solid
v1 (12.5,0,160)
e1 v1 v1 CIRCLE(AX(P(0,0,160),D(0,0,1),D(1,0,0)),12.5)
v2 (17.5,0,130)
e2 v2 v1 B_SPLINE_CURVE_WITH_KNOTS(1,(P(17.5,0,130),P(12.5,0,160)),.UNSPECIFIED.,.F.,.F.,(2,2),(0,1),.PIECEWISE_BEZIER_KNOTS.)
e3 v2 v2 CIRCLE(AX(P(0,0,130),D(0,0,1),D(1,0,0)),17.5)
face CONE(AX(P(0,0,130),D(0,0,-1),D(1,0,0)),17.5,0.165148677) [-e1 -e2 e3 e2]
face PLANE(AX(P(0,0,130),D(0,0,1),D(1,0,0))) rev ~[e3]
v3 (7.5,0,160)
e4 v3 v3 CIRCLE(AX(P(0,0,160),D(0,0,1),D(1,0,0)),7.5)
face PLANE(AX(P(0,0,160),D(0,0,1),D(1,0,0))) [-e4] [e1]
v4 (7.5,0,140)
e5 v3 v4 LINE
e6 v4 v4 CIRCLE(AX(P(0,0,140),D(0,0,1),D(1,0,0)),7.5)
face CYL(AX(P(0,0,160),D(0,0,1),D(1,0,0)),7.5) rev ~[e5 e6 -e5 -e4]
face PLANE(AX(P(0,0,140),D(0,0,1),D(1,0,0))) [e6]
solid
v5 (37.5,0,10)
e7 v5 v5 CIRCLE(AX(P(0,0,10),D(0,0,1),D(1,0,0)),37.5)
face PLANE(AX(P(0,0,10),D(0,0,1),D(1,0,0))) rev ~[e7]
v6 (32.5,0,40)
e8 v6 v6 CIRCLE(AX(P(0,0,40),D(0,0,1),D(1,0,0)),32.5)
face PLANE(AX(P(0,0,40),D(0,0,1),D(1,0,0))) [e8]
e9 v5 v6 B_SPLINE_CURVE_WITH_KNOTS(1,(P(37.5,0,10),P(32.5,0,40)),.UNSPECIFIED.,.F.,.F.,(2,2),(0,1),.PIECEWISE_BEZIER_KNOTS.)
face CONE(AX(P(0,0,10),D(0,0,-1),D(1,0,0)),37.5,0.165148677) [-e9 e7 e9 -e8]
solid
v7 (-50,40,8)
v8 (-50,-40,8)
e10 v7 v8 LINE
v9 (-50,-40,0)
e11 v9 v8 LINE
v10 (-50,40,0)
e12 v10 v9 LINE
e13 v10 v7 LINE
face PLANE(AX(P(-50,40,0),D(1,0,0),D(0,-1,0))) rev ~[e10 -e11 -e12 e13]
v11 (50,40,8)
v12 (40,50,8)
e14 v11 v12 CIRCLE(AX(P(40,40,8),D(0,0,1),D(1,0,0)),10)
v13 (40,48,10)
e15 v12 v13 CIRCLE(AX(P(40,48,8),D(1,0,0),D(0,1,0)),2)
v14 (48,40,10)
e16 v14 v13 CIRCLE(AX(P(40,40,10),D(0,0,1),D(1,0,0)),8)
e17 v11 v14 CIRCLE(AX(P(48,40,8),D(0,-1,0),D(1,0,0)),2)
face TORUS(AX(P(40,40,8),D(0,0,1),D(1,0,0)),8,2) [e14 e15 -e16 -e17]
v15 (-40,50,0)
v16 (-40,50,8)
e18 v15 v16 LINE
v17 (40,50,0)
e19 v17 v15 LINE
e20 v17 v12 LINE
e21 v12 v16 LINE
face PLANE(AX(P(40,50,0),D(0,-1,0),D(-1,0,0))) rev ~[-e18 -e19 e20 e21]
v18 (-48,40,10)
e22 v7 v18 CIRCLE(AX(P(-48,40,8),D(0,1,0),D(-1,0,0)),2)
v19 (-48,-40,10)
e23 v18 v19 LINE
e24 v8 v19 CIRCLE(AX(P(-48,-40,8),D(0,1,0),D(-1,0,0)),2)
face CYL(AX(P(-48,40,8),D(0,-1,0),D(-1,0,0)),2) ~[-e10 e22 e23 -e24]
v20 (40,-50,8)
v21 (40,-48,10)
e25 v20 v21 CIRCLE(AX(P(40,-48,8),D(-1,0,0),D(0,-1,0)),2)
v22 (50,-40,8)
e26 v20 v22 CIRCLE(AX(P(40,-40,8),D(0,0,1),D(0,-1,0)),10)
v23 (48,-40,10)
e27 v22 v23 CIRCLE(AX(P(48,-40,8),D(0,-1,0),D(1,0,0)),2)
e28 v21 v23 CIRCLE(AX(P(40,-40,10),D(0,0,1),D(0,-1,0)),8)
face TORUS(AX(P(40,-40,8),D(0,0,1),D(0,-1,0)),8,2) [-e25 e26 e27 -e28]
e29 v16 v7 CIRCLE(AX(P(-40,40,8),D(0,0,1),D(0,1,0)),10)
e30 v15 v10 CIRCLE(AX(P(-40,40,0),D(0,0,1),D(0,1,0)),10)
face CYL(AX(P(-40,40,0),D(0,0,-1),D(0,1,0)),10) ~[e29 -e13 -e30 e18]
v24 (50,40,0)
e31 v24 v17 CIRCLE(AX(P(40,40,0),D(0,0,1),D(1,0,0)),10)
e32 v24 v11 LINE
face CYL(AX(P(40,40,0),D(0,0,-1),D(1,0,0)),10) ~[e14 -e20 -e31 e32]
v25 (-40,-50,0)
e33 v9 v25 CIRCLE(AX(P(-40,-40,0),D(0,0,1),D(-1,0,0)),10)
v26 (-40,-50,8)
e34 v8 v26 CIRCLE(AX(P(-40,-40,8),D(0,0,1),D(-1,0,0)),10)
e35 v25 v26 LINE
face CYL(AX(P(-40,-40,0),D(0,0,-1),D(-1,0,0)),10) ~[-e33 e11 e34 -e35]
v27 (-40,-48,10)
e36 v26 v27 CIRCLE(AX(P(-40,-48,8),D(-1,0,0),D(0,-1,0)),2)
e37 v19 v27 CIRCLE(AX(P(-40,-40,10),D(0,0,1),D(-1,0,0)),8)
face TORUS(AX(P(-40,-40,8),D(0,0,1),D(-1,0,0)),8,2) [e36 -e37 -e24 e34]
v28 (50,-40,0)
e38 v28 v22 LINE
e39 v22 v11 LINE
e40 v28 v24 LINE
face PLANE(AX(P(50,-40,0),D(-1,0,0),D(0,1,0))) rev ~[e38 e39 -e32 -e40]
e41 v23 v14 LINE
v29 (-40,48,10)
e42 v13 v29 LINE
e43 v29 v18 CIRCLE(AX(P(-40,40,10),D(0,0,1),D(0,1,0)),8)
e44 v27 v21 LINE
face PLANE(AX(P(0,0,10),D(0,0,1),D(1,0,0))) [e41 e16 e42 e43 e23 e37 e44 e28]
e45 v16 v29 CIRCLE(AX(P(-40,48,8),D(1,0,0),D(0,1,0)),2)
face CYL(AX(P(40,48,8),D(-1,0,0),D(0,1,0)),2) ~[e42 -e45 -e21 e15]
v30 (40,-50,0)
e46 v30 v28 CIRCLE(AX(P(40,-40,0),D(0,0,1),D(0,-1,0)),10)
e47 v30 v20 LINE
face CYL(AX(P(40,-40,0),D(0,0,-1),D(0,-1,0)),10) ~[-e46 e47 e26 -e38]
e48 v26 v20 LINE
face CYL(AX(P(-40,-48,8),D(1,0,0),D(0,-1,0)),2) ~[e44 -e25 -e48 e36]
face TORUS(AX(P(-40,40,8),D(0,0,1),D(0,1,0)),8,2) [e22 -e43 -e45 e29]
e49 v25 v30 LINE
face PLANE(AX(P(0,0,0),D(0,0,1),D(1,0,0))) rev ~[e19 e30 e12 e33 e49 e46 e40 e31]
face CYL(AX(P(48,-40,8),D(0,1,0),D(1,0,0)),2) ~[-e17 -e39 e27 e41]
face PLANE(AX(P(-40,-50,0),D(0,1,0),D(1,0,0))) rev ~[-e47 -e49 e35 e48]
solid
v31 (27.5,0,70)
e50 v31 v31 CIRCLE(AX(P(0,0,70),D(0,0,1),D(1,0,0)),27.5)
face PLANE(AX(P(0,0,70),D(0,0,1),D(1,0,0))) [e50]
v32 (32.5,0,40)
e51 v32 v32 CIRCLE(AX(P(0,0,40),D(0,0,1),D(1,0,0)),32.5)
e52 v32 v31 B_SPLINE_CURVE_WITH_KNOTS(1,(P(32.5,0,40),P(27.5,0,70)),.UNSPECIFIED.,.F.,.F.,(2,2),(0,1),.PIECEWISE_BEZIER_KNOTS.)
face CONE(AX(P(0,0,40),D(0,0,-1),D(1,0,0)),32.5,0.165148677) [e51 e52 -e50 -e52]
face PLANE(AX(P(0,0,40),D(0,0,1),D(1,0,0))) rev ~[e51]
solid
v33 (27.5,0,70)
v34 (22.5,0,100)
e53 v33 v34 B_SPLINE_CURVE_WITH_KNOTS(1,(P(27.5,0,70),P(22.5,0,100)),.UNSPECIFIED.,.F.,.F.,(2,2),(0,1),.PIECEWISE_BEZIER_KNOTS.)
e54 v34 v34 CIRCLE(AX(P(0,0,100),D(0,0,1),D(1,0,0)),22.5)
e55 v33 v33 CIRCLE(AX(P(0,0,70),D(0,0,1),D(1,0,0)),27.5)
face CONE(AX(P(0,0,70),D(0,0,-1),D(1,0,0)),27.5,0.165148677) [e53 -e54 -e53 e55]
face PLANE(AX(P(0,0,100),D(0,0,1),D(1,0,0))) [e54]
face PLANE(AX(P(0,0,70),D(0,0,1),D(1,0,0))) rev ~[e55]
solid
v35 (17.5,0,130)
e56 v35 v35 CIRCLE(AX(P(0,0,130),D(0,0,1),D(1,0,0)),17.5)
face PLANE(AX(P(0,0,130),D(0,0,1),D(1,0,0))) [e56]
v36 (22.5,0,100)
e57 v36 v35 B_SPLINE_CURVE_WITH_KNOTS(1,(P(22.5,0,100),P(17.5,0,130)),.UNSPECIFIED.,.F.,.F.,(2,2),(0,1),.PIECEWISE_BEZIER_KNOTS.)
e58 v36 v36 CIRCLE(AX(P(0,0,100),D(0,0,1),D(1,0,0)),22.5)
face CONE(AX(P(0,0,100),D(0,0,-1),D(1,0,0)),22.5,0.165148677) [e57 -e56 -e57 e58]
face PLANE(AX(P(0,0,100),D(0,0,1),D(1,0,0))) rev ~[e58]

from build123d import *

# Parameters (mm, degrees)
F1_DEPTH   = 10
F2_R       = 37.5
F4_R       = 32.5
F5_FACE_R  = 32.5
F7_R       = 27.5
F8_FACE_R  = 27.5
F10_R      = 22.5
F11_FACE_R = 22.5
F13_R      = 17.5
F14_FACE_R = 17.5
F16_R      = 12.5
F18_R      = 2
F19_R      = 7.5
F20_DEPTH  = 20


with BuildPart() as f1:
    # F0 (on Top) → F1 (new body)
    with BuildSketch(Plane.XY):
        with BuildLine():
            Line((40, 50), (-40, 50))
            ThreePointArc((-40, 50), (-47.0710678119, 47.0710678119), (-50, 40))
            Line((-50, 40), (-50, -40))
            ThreePointArc((-50, -40), (-47.0710678119, -47.0710678119), (-40, -50))
            Line((-40, -50), (40, -50))
            ThreePointArc((40, -50), (47.0710678119, -47.0710678119), (50, -40))
            Line((50, -40), (50, 40))
            ThreePointArc((50, 40), (47.0710678119, 47.0710678119), (40, 50))
        make_face()
    extrude(amount=F1_DEPTH)

    # F18
    f18_edges = [f1.edges().sort_by_distance(p)[0] for p in [
        (0, -50, 10),
        (-47.071068, -47.071068, 10),
        (-50, 0, 10),
        (47.071068, -47.071068, 10),
        (50, 0, 10),
        (47.071068, 47.071068, 10),
        (0, 50, 10),
        (-47.071068, 47.071068, 10),
    ]]
    fillet(f18_edges, radius=F18_R)


with BuildPart() as f5:
    # F2 (on face) → F5 section 0
    with BuildSketch(Plane.XY.offset(10)):
        Circle(F2_R)
    # F4 (on offset) → F5 section 1
    with BuildSketch(Plane.XY.offset(40)):
        Circle(F4_R)
    loft()


with BuildPart() as f8:
    # F5_face (on face) → F8 section 0
    with BuildSketch(Plane.XY.offset(40)):
        Circle(F5_FACE_R)
    # F7 (on offset) → F8 section 1
    with BuildSketch(Plane.XY.offset(70)):
        Circle(F7_R)
    loft()


with BuildPart() as f11:
    # F8_face (on face) → F11 section 0
    with BuildSketch(Plane.XY.offset(70)):
        Circle(F8_FACE_R)
    # F10 (on offset) → F11 section 1
    with BuildSketch(Plane.XY.offset(100)):
        Circle(F10_R)
    loft()


with BuildPart() as f14:
    # F11_face (on face) → F14 section 0
    with BuildSketch(Plane.XY.offset(100)):
        Circle(F11_FACE_R)
    # F13 (on offset) → F14 section 1
    with BuildSketch(Plane.XY.offset(130)):
        Circle(F13_R)
    loft()


with BuildPart() as f17:
    # F14_face (on face) → F17 section 0
    with BuildSketch(Plane.XY.offset(130)):
        Circle(F14_FACE_R)
    # F16 (on offset) → F17 section 1
    with BuildSketch(Plane.XY.offset(160)):
        Circle(F16_R)
    loft()

    # F19 (on face) → F20 (cut)
    with BuildSketch(Plane.XY.offset(160)):
        Circle(F19_R)
    extrude(amount=-F20_DEPTH, mode=Mode.SUBTRACT)


solid = Compound([f1.part, f5.part, f8.part, f11.part, f14.part, f17.part])
